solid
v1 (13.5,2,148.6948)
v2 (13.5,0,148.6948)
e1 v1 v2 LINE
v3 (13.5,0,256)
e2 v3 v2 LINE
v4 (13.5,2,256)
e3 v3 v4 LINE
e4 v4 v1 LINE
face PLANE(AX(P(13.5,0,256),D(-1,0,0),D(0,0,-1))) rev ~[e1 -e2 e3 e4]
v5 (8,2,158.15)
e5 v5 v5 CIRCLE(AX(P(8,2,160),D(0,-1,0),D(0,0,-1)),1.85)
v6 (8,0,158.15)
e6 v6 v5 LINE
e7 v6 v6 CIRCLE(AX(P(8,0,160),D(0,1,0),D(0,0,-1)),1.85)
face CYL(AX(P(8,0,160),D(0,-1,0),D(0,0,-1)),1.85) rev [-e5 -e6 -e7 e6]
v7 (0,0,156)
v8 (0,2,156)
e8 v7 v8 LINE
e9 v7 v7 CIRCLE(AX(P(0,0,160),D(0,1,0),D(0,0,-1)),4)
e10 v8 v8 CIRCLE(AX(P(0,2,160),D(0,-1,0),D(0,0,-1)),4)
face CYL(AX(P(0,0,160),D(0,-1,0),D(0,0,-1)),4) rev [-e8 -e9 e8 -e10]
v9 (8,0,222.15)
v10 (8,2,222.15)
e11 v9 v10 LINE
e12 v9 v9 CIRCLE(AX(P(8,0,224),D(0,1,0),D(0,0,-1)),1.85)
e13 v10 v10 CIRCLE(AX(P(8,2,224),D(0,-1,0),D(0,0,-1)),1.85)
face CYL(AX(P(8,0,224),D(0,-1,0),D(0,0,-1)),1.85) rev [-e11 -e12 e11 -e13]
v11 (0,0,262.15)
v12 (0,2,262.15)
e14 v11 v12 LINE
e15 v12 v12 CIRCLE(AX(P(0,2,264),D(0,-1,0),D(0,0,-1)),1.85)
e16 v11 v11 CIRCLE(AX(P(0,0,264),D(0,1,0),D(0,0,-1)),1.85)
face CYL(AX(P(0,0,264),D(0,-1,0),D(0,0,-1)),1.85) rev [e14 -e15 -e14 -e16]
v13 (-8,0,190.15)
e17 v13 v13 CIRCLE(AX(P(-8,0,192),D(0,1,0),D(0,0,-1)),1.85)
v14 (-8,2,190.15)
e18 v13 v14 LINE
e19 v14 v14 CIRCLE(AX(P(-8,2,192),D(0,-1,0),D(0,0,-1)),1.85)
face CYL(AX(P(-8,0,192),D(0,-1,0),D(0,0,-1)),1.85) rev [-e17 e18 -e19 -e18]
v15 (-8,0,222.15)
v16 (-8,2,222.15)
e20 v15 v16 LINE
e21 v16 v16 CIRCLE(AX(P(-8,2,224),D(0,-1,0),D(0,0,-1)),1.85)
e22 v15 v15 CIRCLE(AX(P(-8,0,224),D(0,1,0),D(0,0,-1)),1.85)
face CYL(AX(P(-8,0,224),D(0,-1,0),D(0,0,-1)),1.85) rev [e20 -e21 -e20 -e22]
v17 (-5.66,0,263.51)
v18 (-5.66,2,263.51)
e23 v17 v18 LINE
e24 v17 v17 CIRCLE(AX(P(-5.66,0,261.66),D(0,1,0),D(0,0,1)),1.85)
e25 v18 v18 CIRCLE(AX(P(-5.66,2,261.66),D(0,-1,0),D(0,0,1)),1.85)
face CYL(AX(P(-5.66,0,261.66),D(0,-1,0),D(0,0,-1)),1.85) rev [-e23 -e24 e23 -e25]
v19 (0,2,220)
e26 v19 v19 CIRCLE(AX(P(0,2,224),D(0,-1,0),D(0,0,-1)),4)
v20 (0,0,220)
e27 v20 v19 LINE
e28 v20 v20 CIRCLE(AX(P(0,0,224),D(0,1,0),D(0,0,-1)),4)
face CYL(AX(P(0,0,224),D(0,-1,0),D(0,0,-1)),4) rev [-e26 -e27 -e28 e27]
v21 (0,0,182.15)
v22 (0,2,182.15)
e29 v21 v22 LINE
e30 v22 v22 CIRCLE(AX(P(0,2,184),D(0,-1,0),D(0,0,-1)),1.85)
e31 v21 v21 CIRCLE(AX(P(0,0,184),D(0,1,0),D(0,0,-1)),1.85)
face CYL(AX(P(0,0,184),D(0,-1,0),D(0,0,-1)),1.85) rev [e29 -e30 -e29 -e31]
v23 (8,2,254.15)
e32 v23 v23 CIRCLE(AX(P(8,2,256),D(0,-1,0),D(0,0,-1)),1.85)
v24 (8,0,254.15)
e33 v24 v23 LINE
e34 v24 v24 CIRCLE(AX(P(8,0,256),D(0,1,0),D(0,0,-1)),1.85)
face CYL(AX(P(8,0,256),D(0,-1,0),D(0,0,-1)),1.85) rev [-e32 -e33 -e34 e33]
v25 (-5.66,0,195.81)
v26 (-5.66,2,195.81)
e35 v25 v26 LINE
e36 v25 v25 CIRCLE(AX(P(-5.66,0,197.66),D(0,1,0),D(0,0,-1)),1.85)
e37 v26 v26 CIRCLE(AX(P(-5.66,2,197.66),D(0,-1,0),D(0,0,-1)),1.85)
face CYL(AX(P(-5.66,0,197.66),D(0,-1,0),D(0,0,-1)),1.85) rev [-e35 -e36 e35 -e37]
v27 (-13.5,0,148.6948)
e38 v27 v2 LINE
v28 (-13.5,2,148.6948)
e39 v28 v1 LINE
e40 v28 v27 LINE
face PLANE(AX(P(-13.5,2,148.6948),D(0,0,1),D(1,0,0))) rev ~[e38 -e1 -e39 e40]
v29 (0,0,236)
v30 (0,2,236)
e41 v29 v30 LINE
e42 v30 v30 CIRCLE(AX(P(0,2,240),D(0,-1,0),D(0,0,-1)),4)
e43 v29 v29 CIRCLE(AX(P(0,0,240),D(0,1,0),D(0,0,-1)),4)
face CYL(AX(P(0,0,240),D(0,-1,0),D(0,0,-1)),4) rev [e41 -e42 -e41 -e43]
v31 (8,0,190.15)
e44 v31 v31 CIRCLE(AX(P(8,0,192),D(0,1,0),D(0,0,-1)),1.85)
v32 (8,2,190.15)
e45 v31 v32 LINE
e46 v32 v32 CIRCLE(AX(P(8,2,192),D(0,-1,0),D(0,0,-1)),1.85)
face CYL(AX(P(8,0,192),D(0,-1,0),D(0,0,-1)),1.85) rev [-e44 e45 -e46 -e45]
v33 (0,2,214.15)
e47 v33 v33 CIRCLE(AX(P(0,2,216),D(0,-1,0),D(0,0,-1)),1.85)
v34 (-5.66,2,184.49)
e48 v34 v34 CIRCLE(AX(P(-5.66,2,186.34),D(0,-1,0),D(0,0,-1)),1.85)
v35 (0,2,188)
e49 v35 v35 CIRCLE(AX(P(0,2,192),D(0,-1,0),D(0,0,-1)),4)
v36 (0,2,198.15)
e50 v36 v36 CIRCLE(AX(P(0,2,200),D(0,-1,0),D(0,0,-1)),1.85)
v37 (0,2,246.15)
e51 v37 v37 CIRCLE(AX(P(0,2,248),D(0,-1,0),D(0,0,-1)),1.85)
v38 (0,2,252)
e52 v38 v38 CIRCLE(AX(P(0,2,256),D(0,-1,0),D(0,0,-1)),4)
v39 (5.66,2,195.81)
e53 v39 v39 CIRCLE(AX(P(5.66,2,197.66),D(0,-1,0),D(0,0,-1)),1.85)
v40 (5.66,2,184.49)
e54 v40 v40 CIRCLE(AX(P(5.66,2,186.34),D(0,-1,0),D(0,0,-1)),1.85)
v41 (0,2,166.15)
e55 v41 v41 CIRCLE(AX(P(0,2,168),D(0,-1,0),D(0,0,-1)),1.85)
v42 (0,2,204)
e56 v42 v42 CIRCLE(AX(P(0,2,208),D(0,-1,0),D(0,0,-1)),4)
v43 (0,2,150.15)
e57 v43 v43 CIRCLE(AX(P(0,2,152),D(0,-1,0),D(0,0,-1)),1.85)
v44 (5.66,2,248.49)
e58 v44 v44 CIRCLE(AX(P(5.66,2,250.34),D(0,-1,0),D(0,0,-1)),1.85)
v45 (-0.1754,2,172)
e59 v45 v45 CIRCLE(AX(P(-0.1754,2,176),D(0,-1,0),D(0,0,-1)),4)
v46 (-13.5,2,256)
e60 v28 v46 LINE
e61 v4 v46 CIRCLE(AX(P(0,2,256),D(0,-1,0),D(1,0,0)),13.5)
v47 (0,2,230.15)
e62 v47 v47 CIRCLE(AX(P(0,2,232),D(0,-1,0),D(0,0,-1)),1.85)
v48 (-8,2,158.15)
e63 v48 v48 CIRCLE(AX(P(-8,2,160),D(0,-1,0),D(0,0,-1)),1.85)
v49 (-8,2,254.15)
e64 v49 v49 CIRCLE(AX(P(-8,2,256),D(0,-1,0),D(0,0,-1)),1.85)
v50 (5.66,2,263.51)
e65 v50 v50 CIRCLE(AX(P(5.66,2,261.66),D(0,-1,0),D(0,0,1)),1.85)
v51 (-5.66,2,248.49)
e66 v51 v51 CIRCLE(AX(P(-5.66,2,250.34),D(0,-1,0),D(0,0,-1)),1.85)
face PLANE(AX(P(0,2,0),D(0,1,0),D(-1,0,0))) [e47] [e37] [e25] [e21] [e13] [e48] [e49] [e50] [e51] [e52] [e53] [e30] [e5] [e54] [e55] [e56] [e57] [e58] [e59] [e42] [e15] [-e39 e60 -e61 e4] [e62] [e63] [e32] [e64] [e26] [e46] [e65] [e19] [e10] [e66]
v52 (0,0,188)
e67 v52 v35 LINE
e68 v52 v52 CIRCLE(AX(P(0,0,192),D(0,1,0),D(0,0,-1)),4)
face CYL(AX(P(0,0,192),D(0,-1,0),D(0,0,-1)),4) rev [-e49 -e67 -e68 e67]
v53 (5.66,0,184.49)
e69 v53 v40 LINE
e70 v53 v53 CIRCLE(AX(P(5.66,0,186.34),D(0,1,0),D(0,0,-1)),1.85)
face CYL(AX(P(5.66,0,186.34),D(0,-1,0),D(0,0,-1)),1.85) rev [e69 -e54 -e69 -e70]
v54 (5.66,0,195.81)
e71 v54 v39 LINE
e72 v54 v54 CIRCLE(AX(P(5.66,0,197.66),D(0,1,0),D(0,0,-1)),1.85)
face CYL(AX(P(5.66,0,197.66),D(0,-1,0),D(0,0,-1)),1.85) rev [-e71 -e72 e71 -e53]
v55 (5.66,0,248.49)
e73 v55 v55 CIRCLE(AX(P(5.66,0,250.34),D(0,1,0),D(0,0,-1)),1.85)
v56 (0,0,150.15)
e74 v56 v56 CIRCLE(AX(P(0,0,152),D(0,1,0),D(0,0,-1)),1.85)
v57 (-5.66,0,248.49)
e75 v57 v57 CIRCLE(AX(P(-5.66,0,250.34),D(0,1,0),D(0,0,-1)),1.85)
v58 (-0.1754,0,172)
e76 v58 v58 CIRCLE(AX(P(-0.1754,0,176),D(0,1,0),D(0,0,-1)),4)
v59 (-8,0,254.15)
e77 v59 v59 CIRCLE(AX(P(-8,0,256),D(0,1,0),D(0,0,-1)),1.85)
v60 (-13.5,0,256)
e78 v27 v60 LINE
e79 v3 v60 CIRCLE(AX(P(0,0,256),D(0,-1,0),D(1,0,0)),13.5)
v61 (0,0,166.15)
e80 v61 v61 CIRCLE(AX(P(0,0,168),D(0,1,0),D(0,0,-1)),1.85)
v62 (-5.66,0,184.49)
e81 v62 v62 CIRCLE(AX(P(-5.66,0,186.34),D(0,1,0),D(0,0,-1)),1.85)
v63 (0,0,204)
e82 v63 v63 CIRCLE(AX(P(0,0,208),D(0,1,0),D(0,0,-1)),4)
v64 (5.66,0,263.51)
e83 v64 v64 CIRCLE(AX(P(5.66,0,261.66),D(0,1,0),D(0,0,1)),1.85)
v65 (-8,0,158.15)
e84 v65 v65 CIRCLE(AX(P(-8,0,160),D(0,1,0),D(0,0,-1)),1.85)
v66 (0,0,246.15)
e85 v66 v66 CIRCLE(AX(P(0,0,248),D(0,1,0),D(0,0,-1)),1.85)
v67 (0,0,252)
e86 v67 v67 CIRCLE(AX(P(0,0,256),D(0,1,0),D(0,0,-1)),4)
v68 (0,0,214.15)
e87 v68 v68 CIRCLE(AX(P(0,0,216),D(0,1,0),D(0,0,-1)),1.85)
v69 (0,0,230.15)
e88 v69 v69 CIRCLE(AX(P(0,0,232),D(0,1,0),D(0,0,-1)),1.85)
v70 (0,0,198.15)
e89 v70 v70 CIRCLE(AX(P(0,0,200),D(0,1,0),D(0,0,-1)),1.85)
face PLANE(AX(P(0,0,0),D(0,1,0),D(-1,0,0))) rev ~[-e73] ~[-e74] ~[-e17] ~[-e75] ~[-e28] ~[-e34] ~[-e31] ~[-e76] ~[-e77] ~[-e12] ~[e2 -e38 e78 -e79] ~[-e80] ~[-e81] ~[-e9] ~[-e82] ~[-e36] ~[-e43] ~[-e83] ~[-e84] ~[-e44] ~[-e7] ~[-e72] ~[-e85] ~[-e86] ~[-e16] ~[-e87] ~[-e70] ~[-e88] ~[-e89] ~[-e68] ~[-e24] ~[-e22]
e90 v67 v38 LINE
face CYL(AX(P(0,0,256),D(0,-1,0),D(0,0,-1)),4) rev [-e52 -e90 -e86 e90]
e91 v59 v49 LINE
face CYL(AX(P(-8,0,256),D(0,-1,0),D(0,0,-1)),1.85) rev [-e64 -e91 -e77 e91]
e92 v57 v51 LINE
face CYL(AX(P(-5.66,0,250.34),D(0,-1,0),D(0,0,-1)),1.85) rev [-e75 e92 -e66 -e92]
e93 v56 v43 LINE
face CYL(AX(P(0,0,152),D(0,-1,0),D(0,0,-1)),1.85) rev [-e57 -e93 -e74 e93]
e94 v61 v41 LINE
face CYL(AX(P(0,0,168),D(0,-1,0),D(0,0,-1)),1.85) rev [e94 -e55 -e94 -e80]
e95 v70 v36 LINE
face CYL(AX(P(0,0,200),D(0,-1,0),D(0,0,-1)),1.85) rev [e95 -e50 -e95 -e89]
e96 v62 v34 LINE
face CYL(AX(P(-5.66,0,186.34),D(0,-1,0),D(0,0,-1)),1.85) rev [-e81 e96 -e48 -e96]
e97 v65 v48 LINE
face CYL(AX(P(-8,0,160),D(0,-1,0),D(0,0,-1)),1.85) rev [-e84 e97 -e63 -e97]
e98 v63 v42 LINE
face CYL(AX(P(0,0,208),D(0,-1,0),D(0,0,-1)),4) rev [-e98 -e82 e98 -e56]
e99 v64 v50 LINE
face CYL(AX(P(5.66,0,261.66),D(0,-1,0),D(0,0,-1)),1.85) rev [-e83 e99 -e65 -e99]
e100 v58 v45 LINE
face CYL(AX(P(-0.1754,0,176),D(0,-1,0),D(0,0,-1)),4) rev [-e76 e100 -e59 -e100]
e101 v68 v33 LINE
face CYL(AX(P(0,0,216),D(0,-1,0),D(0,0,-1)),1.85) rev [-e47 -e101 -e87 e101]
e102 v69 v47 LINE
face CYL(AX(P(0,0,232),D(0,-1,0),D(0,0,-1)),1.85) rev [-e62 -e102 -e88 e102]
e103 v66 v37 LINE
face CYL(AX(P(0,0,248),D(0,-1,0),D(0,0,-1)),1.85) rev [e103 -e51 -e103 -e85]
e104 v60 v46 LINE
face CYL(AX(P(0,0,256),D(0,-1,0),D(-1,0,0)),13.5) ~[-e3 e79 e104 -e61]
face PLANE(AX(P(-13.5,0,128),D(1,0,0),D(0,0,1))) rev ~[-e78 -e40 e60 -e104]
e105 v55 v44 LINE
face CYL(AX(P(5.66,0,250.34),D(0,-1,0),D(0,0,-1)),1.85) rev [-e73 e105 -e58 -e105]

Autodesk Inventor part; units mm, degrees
ref_plane "YZ Plane" through (0, 0, 0) normal (1, 0, 0) x (0, 1, 0)
ref_plane "XZ Plane" through (0, 0, 0) normal (0, 1, 0) x (-1, 0, 0)
ref_plane "XY Plane" through (0, 0, 0) normal (0, 0, 1) x (1, 0, 0)
sketch "Sketch1" plane through (0, 0, 0) normal (0, 1, 0) x (-1, 0, 0)
  arc A0 (-5.66, 120.49) -> (-5.66, 124.19) centre (-5.66, 122.34) ccw
  arc A1 (-5.66, 124.19) -> (-5.66, 120.49) centre (-5.66, 122.34) ccw
  arc A2 (5.66, 120.49) -> (5.66, 124.19) centre (5.66, 122.34) ccw
  arc A3 (5.66, 124.19) -> (5.66, 120.49) centre (5.66, 122.34) ccw
  arc A4 (0, 134.15) -> (0, 137.85) centre (0, 136) ccw
  arc A5 (0, 137.85) -> (0, 134.15) centre (0, 136) ccw
  arc A6 (-5.66, 131.81) -> (-5.66, 135.51) centre (-5.66, 133.66) ccw
  arc A7 (-5.66, 135.51) -> (-5.66, 131.81) centre (-5.66, 133.66) ccw
  arc A8 (5.66, 131.81) -> (5.66, 135.51) centre (5.66, 133.66) ccw
  arc A9 (5.66, 135.51) -> (5.66, 131.81) centre (5.66, 133.66) ccw
  arc A10 (8, 126.15) -> (8, 129.85) centre (8, 128) ccw
  arc A11 (8, 129.85) -> (8, 126.15) centre (8, 128) ccw
  arc A12 (0, 124) -> (0, 132) centre (0, 128) ccw
  arc A13 (0, 132) -> (0, 124) centre (0, 128) ccw
  arc A14 (-8, 126.15) -> (-8, 129.85) centre (-8, 128) ccw
  arc A15 (-8, 129.85) -> (-8, 126.15) centre (-8, 128) ccw
  arc A16 (0, 118.15) -> (0, 121.85) centre (0, 120) ccw
  arc A17 (0, 121.85) -> (0, 118.15) centre (0, 120) ccw
  arc A18 (-5.66, 195.81) -> (-5.66, 199.51) centre (-5.66, 197.66) ccw
  arc A19 (-5.66, 199.51) -> (-5.66, 195.81) centre (-5.66, 197.66) ccw
  arc A20 (-5.66, 184.49) -> (-5.66, 188.19) centre (-5.66, 186.34) ccw
  arc A21 (-5.66, 188.19) -> (-5.66, 184.49) centre (-5.66, 186.34) ccw
  arc A22 (5.66, 184.49) -> (5.66, 188.19) centre (5.66, 186.34) ccw
  arc A23 (5.66, 188.19) -> (5.66, 184.49) centre (5.66, 186.34) ccw
  arc A24 (5.66, 195.81) -> (5.66, 199.51) centre (5.66, 197.66) ccw
  arc A25 (5.66, 199.51) -> (5.66, 195.81) centre (5.66, 197.66) ccw
  arc A26 (8, 190.15) -> (8, 193.85) centre (8, 192) ccw
  arc A27 (8, 193.85) -> (8, 190.15) centre (8, 192) ccw
  arc A28 (-8, 190.15) -> (-8, 193.85) centre (-8, 192) ccw
  arc A29 (-8, 193.85) -> (-8, 190.15) centre (-8, 192) ccw
  arc A30 (0, 198.15) -> (0, 201.85) centre (0, 200) ccw
  arc A31 (0, 201.85) -> (0, 198.15) centre (0, 200) ccw
  arc A32 (0, 182.15) -> (0, 185.85) centre (0, 184) ccw
  arc A33 (0, 185.85) -> (0, 182.15) centre (0, 184) ccw
  arc A34 (0, 188) -> (0, 196) centre (0, 192) ccw
  arc A35 (0, 196) -> (0, 188) centre (0, 192) ccw
  arc A36 (8, 158.15) -> (8, 161.85) centre (8, 160) ccw
  arc A37 (8, 161.85) -> (8, 158.15) centre (8, 160) ccw
  arc A38 (-8, 158.15) -> (-8, 161.85) centre (-8, 160) ccw
  arc A39 (-8, 161.85) -> (-8, 158.15) centre (-8, 160) ccw
  arc A40 (0, 166.15) -> (0, 169.85) centre (0, 168) ccw
  arc A41 (0, 169.85) -> (0, 166.15) centre (0, 168) ccw
  arc A42 (0, 150.15) -> (0, 153.85) centre (0, 152) ccw
  arc A43 (0, 153.85) -> (0, 150.15) centre (0, 152) ccw
  arc A44 (0, 156) -> (0, 164) centre (0, 160) ccw
  arc A45 (0, 164) -> (0, 156) centre (0, 160) ccw
  arc A46 (-5.66, 248.49) -> (-5.66, 252.19) centre (-5.66, 250.34) ccw
  arc A47 (-5.66, 252.19) -> (-5.66, 248.49) centre (-5.66, 250.34) ccw
  arc A48 (5.66, 248.49) -> (5.66, 252.19) centre (5.66, 250.34) ccw
  arc A49 (5.66, 252.19) -> (5.66, 248.49) centre (5.66, 250.34) ccw
  arc A50 (0, 262.15) -> (0, 265.85) centre (0, 264) ccw
  arc A51 (0, 265.85) -> (0, 262.15) centre (0, 264) ccw
  arc A52 (-5.66, 259.81) -> (-5.66, 263.51) centre (-5.66, 261.66) ccw
  arc A53 (-5.66, 263.51) -> (-5.66, 259.81) centre (-5.66, 261.66) ccw
  arc A54 (5.66, 259.81) -> (5.66, 263.51) centre (5.66, 261.66) ccw
  arc A55 (5.66, 263.51) -> (5.66, 259.81) centre (5.66, 261.66) ccw
  arc A56 (8, 254.15) -> (8, 257.85) centre (8, 256) ccw
  arc A57 (8, 257.85) -> (8, 254.15) centre (8, 256) ccw
  arc A58 (0, 252) -> (0, 260) centre (0, 256) ccw
  arc A59 (0, 260) -> (0, 252) centre (0, 256) ccw
  arc A60 (8, 222.15) -> (8, 225.85) centre (8, 224) ccw
  arc A61 (8, 225.85) -> (8, 222.15) centre (8, 224) ccw
  arc A62 (-8, 222.15) -> (-8, 225.85) centre (-8, 224) ccw
  arc A63 (-8, 225.85) -> (-8, 222.15) centre (-8, 224) ccw
  arc A64 (0, 230.15) -> (0, 233.85) centre (0, 232) ccw
  arc A65 (0, 233.85) -> (0, 230.15) centre (0, 232) ccw
  arc A66 (0, 214.15) -> (0, 217.85) centre (0, 216) ccw
  arc A67 (0, 217.85) -> (0, 214.15) centre (0, 216) ccw
  arc A68 (0, 220) -> (0, 228) centre (0, 224) ccw
  arc A69 (0, 228) -> (0, 220) centre (0, 224) ccw
  arc A70 (0, 140) -> (0, 148) centre (0, 144) ccw
  arc A71 (0, 148) -> (0, 140) centre (0, 144) ccw
  arc A72 (0.1754, 172) -> (0.1754, 180) centre (0.1754, 176) ccw
  arc A73 (0.1754, 180) -> (0.1754, 172) centre (0.1754, 176) ccw
  arc A74 (0, 204) -> (0, 212) centre (0, 208) ccw
  arc A75 (0, 212) -> (0, 204) centre (0, 208) ccw
  arc A76 (0, 236) -> (0, 244) centre (0, 240) ccw
  arc A77 (0, 244) -> (0, 236) centre (0, 240) ccw
  arc A78 (-8, 254.15) -> (-8, 257.85) centre (-8, 256) ccw
  arc A79 (-8, 257.85) -> (-8, 254.15) centre (-8, 256) ccw
  arc A80 (0, 246.15) -> (0, 249.85) centre (0, 248) ccw
  arc A81 (0, 249.85) -> (0, 246.15) centre (0, 248) ccw
  arc A82 (13.5, 256) -> (0, 269.5) centre (0, 256) ccw
  arc A83 (0, 269.5) -> (-13.5, 256) centre (0, 256) ccw
  line L0 (-13.5, 256) -> (-13.5, 128)
  line L1 (13.5, 128) -> (13.5, 256)
  arc A84 (2.852, 141.1953) -> (-2.852, 141.1953) centre (0, 128) ccw
  arc A85 (-13.5, 128) -> (13.5, 128) centre (0, 128) ccw
  point P0 (0, 0)
  point P1 (0, 128)
extrude "Extrusion1" add sketch "Sketch1" along normal blind 2
sketch "Sketch2" plane through (0, 2, 0) normal (0, 1, 0) x (1, 0, 0)
  line L0 (-13.5, -128) -> (-13.5, -256) projected
  line L1 (-13.5, -148.6948) -> (13.5, -148.6948)
  line L2 (13.5, -148.6948) -> (13.5, -110.804)
  line L3 (13.5, -110.804) -> (-13.5, -110.804)
  line L4 (-13.5, -110.804) -> (-13.5, -148.6948)
  point P0 (0, 0)
extrude "Extrusion2" cut sketch "Sketch2" against normal blind 25.4
properties part number "Tetrix Flat bar 160 mm"
